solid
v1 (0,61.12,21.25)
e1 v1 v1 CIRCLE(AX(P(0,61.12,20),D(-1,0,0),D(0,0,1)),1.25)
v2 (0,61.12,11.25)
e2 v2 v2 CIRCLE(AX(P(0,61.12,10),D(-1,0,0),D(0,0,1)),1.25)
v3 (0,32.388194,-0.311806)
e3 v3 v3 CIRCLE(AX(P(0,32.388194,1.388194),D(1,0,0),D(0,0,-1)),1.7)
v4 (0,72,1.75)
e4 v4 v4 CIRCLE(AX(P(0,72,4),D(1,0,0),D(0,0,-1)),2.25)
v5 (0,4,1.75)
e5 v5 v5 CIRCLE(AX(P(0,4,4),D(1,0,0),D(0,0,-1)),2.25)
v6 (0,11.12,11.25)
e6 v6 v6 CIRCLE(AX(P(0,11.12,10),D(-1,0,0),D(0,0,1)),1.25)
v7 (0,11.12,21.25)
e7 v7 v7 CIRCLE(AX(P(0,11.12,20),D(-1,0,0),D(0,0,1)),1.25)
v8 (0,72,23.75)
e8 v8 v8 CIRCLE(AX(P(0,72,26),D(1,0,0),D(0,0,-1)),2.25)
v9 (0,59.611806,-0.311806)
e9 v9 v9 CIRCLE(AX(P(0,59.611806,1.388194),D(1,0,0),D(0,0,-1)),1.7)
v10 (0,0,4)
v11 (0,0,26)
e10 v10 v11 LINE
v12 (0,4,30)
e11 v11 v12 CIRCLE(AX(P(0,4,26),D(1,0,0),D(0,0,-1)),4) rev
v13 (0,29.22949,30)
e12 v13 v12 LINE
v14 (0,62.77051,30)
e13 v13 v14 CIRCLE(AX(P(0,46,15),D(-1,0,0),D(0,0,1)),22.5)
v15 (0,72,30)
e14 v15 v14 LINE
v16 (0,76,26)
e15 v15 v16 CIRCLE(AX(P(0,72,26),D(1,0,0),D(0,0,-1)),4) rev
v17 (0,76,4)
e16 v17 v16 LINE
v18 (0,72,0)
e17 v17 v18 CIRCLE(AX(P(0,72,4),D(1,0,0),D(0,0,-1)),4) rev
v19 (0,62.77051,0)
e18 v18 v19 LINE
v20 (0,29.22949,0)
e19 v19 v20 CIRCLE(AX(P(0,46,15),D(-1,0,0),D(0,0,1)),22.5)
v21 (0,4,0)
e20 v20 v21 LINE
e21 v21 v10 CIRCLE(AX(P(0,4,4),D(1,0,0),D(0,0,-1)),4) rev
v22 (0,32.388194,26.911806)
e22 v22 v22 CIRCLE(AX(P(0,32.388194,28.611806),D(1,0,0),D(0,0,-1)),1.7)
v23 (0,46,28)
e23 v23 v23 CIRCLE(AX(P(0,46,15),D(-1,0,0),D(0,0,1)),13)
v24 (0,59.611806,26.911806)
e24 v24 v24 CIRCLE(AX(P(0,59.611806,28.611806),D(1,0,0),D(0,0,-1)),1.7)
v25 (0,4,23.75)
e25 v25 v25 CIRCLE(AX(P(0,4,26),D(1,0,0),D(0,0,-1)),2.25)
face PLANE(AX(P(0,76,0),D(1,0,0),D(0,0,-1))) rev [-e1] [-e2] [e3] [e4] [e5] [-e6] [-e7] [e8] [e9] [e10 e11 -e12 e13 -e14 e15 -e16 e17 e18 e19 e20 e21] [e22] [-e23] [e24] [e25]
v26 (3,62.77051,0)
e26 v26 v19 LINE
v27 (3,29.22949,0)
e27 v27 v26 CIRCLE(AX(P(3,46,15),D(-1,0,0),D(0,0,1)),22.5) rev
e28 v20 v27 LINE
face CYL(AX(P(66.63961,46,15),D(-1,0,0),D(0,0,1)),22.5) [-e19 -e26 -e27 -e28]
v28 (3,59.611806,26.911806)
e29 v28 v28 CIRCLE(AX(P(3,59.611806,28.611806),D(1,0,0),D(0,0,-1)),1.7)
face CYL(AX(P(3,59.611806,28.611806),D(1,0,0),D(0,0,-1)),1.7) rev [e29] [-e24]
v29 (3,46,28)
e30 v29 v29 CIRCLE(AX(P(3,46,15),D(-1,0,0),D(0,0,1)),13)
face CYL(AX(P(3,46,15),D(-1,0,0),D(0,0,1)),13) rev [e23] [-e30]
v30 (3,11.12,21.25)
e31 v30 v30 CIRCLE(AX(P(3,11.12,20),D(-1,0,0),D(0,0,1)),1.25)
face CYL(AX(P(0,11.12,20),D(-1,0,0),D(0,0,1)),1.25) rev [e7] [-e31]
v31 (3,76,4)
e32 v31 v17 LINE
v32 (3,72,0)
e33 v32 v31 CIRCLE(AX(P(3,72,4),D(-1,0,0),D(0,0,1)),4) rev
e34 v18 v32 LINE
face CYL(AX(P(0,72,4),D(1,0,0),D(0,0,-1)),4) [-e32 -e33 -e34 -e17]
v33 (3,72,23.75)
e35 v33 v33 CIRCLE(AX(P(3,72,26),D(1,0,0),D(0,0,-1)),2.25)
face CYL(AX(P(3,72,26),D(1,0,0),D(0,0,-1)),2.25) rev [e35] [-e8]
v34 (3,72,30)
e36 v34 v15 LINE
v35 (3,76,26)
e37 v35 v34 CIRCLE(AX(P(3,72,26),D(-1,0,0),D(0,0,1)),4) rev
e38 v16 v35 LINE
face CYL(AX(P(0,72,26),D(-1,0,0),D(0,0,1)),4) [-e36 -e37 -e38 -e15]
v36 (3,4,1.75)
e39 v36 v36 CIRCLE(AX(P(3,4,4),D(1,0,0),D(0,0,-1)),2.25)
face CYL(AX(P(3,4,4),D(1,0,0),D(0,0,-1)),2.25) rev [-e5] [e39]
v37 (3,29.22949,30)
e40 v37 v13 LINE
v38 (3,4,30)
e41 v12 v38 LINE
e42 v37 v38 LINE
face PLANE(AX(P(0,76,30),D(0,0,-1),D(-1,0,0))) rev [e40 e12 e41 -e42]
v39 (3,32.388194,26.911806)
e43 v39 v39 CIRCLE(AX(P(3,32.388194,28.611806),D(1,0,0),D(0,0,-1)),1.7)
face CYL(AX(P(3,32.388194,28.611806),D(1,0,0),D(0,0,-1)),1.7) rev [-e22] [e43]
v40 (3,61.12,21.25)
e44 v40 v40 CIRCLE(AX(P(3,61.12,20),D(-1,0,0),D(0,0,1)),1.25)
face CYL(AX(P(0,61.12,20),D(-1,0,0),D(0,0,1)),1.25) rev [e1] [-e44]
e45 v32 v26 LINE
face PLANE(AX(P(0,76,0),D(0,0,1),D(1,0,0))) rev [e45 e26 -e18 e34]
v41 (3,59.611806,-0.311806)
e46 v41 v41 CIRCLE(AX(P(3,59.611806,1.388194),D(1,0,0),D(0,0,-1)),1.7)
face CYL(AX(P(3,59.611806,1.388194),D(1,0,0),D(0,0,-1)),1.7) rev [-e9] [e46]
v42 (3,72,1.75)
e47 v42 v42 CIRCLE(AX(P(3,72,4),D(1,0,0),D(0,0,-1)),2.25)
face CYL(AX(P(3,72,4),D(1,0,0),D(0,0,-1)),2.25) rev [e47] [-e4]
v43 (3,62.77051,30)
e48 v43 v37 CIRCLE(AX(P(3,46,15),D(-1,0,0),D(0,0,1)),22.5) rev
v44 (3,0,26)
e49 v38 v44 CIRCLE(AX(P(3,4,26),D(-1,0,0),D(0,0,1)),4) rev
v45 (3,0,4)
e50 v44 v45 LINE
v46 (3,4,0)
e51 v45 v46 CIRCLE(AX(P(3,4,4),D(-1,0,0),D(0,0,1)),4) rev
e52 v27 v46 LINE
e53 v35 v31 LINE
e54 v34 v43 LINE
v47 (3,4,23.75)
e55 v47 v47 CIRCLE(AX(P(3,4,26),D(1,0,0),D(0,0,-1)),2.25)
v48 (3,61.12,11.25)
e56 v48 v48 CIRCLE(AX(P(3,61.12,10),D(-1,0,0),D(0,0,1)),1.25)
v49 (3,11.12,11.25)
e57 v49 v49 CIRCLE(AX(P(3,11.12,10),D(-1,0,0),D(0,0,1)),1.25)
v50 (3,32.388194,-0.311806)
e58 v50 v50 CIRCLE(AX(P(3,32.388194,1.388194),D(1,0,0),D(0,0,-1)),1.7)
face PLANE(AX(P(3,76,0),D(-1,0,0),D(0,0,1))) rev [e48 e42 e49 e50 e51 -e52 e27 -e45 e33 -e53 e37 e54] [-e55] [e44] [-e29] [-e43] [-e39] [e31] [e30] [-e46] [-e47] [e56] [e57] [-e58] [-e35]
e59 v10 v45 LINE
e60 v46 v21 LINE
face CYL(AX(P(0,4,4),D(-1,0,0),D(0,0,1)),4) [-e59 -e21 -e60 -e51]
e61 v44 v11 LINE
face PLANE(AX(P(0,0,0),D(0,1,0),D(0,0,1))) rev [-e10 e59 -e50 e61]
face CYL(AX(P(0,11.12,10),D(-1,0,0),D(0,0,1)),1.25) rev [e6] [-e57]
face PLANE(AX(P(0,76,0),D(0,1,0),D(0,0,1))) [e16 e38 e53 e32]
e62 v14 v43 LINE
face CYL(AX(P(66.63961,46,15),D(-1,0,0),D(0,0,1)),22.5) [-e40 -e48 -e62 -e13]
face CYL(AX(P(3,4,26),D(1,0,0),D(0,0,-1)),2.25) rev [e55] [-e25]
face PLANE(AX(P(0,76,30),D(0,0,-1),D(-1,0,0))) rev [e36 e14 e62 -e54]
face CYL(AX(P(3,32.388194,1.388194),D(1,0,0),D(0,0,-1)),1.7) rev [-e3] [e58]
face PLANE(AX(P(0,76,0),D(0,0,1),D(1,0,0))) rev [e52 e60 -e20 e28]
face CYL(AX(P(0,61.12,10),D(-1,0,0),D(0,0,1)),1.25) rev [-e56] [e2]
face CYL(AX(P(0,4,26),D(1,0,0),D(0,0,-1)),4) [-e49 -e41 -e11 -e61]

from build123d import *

# Parameters (mm, degrees)
SKETCH_1_W          = 3
SKETCH_1_H          = 30
EXTRUDE_1_DEPTH     = 76
SKETCH_2_R          = 22.5
EXTRUDE_2_DEPTH     = 3
SKETCH_3_R          = 13
CUT_EXTRUDE_1_DEPTH = 85.801238199
HOLE_WIZARD_M31_D   = 3.4
HOLE_WIZARD_M41_D   = 4.5
FILLET_1_R          = 4
M3X0_51_D           = 2.5


with BuildPart() as part:
    # Эскиз1 → Бобышка-Вытянуть1 (new body)
    with BuildSketch(Plane(origin=(0, 0, 0), x_dir=(1, 0, 0), z_dir=(0, 1, 0))):
        with Locations((1.5, -15)):
            Rectangle(SKETCH_1_W, SKETCH_1_H)
    extrude(amount=EXTRUDE_1_DEPTH)

    # Эскиз2 → Бобышка-Вытянуть2 (add)
    with BuildSketch(Plane.ZY):
        with Locations((15, 46)):
            Circle(SKETCH_2_R)
    extrude(amount=-EXTRUDE_2_DEPTH)

    # Эскиз3 → Вырез-Вытянуть1 (cut, through all)
    with BuildSketch(Plane.ZY):
        with Locations((15, 46)):
            Circle(SKETCH_3_R)
    extrude(amount=-CUT_EXTRUDE_1_DEPTH, mode=Mode.SUBTRACT)

    # Отверстие с зазором M31 (through all)
    with Locations(Plane(origin=(3, -25.024735225, 7.262908886), x_dir=(0, 0, 1), z_dir=(1, 0, 0))):
        with Locations((21.348896652, -84.636540763), (-5.874714424, -84.636540763), (-5.874714424, -57.412929688), (21.348896652, -57.412929688)):
            Hole(HOLE_WIZARD_M31_D / 2)

    # Отверстие с зазором M41 (through all)
    with Locations(Plane(origin=(3, 0, 0), x_dir=(0, 0, -1), z_dir=(1, 0, 0))):
        with Locations((-26, 72), (-4, 72), (-4, 4), (-26, 4)):
            Hole(HOLE_WIZARD_M41_D / 2)

    # Скругление1
    fillet_1_edges = [part.edges().sort_by_distance(p)[0] for p in [
        (1.5, 76, 0),
        (1.5, 0, 0),
        (1.5, 0, 30),
        (1.5, 76, 30),
    ]]
    fillet(fillet_1_edges, radius=FILLET_1_R)

    # Отверстие обработанное метчиком M3x0.51 (through all)
    with Locations(Plane.ZY):
        with Locations((10, 61.12), (20, 61.12), (10, 11.12), (20, 11.12)):
            Hole(M3X0_51_D / 2)


solid = part.part
